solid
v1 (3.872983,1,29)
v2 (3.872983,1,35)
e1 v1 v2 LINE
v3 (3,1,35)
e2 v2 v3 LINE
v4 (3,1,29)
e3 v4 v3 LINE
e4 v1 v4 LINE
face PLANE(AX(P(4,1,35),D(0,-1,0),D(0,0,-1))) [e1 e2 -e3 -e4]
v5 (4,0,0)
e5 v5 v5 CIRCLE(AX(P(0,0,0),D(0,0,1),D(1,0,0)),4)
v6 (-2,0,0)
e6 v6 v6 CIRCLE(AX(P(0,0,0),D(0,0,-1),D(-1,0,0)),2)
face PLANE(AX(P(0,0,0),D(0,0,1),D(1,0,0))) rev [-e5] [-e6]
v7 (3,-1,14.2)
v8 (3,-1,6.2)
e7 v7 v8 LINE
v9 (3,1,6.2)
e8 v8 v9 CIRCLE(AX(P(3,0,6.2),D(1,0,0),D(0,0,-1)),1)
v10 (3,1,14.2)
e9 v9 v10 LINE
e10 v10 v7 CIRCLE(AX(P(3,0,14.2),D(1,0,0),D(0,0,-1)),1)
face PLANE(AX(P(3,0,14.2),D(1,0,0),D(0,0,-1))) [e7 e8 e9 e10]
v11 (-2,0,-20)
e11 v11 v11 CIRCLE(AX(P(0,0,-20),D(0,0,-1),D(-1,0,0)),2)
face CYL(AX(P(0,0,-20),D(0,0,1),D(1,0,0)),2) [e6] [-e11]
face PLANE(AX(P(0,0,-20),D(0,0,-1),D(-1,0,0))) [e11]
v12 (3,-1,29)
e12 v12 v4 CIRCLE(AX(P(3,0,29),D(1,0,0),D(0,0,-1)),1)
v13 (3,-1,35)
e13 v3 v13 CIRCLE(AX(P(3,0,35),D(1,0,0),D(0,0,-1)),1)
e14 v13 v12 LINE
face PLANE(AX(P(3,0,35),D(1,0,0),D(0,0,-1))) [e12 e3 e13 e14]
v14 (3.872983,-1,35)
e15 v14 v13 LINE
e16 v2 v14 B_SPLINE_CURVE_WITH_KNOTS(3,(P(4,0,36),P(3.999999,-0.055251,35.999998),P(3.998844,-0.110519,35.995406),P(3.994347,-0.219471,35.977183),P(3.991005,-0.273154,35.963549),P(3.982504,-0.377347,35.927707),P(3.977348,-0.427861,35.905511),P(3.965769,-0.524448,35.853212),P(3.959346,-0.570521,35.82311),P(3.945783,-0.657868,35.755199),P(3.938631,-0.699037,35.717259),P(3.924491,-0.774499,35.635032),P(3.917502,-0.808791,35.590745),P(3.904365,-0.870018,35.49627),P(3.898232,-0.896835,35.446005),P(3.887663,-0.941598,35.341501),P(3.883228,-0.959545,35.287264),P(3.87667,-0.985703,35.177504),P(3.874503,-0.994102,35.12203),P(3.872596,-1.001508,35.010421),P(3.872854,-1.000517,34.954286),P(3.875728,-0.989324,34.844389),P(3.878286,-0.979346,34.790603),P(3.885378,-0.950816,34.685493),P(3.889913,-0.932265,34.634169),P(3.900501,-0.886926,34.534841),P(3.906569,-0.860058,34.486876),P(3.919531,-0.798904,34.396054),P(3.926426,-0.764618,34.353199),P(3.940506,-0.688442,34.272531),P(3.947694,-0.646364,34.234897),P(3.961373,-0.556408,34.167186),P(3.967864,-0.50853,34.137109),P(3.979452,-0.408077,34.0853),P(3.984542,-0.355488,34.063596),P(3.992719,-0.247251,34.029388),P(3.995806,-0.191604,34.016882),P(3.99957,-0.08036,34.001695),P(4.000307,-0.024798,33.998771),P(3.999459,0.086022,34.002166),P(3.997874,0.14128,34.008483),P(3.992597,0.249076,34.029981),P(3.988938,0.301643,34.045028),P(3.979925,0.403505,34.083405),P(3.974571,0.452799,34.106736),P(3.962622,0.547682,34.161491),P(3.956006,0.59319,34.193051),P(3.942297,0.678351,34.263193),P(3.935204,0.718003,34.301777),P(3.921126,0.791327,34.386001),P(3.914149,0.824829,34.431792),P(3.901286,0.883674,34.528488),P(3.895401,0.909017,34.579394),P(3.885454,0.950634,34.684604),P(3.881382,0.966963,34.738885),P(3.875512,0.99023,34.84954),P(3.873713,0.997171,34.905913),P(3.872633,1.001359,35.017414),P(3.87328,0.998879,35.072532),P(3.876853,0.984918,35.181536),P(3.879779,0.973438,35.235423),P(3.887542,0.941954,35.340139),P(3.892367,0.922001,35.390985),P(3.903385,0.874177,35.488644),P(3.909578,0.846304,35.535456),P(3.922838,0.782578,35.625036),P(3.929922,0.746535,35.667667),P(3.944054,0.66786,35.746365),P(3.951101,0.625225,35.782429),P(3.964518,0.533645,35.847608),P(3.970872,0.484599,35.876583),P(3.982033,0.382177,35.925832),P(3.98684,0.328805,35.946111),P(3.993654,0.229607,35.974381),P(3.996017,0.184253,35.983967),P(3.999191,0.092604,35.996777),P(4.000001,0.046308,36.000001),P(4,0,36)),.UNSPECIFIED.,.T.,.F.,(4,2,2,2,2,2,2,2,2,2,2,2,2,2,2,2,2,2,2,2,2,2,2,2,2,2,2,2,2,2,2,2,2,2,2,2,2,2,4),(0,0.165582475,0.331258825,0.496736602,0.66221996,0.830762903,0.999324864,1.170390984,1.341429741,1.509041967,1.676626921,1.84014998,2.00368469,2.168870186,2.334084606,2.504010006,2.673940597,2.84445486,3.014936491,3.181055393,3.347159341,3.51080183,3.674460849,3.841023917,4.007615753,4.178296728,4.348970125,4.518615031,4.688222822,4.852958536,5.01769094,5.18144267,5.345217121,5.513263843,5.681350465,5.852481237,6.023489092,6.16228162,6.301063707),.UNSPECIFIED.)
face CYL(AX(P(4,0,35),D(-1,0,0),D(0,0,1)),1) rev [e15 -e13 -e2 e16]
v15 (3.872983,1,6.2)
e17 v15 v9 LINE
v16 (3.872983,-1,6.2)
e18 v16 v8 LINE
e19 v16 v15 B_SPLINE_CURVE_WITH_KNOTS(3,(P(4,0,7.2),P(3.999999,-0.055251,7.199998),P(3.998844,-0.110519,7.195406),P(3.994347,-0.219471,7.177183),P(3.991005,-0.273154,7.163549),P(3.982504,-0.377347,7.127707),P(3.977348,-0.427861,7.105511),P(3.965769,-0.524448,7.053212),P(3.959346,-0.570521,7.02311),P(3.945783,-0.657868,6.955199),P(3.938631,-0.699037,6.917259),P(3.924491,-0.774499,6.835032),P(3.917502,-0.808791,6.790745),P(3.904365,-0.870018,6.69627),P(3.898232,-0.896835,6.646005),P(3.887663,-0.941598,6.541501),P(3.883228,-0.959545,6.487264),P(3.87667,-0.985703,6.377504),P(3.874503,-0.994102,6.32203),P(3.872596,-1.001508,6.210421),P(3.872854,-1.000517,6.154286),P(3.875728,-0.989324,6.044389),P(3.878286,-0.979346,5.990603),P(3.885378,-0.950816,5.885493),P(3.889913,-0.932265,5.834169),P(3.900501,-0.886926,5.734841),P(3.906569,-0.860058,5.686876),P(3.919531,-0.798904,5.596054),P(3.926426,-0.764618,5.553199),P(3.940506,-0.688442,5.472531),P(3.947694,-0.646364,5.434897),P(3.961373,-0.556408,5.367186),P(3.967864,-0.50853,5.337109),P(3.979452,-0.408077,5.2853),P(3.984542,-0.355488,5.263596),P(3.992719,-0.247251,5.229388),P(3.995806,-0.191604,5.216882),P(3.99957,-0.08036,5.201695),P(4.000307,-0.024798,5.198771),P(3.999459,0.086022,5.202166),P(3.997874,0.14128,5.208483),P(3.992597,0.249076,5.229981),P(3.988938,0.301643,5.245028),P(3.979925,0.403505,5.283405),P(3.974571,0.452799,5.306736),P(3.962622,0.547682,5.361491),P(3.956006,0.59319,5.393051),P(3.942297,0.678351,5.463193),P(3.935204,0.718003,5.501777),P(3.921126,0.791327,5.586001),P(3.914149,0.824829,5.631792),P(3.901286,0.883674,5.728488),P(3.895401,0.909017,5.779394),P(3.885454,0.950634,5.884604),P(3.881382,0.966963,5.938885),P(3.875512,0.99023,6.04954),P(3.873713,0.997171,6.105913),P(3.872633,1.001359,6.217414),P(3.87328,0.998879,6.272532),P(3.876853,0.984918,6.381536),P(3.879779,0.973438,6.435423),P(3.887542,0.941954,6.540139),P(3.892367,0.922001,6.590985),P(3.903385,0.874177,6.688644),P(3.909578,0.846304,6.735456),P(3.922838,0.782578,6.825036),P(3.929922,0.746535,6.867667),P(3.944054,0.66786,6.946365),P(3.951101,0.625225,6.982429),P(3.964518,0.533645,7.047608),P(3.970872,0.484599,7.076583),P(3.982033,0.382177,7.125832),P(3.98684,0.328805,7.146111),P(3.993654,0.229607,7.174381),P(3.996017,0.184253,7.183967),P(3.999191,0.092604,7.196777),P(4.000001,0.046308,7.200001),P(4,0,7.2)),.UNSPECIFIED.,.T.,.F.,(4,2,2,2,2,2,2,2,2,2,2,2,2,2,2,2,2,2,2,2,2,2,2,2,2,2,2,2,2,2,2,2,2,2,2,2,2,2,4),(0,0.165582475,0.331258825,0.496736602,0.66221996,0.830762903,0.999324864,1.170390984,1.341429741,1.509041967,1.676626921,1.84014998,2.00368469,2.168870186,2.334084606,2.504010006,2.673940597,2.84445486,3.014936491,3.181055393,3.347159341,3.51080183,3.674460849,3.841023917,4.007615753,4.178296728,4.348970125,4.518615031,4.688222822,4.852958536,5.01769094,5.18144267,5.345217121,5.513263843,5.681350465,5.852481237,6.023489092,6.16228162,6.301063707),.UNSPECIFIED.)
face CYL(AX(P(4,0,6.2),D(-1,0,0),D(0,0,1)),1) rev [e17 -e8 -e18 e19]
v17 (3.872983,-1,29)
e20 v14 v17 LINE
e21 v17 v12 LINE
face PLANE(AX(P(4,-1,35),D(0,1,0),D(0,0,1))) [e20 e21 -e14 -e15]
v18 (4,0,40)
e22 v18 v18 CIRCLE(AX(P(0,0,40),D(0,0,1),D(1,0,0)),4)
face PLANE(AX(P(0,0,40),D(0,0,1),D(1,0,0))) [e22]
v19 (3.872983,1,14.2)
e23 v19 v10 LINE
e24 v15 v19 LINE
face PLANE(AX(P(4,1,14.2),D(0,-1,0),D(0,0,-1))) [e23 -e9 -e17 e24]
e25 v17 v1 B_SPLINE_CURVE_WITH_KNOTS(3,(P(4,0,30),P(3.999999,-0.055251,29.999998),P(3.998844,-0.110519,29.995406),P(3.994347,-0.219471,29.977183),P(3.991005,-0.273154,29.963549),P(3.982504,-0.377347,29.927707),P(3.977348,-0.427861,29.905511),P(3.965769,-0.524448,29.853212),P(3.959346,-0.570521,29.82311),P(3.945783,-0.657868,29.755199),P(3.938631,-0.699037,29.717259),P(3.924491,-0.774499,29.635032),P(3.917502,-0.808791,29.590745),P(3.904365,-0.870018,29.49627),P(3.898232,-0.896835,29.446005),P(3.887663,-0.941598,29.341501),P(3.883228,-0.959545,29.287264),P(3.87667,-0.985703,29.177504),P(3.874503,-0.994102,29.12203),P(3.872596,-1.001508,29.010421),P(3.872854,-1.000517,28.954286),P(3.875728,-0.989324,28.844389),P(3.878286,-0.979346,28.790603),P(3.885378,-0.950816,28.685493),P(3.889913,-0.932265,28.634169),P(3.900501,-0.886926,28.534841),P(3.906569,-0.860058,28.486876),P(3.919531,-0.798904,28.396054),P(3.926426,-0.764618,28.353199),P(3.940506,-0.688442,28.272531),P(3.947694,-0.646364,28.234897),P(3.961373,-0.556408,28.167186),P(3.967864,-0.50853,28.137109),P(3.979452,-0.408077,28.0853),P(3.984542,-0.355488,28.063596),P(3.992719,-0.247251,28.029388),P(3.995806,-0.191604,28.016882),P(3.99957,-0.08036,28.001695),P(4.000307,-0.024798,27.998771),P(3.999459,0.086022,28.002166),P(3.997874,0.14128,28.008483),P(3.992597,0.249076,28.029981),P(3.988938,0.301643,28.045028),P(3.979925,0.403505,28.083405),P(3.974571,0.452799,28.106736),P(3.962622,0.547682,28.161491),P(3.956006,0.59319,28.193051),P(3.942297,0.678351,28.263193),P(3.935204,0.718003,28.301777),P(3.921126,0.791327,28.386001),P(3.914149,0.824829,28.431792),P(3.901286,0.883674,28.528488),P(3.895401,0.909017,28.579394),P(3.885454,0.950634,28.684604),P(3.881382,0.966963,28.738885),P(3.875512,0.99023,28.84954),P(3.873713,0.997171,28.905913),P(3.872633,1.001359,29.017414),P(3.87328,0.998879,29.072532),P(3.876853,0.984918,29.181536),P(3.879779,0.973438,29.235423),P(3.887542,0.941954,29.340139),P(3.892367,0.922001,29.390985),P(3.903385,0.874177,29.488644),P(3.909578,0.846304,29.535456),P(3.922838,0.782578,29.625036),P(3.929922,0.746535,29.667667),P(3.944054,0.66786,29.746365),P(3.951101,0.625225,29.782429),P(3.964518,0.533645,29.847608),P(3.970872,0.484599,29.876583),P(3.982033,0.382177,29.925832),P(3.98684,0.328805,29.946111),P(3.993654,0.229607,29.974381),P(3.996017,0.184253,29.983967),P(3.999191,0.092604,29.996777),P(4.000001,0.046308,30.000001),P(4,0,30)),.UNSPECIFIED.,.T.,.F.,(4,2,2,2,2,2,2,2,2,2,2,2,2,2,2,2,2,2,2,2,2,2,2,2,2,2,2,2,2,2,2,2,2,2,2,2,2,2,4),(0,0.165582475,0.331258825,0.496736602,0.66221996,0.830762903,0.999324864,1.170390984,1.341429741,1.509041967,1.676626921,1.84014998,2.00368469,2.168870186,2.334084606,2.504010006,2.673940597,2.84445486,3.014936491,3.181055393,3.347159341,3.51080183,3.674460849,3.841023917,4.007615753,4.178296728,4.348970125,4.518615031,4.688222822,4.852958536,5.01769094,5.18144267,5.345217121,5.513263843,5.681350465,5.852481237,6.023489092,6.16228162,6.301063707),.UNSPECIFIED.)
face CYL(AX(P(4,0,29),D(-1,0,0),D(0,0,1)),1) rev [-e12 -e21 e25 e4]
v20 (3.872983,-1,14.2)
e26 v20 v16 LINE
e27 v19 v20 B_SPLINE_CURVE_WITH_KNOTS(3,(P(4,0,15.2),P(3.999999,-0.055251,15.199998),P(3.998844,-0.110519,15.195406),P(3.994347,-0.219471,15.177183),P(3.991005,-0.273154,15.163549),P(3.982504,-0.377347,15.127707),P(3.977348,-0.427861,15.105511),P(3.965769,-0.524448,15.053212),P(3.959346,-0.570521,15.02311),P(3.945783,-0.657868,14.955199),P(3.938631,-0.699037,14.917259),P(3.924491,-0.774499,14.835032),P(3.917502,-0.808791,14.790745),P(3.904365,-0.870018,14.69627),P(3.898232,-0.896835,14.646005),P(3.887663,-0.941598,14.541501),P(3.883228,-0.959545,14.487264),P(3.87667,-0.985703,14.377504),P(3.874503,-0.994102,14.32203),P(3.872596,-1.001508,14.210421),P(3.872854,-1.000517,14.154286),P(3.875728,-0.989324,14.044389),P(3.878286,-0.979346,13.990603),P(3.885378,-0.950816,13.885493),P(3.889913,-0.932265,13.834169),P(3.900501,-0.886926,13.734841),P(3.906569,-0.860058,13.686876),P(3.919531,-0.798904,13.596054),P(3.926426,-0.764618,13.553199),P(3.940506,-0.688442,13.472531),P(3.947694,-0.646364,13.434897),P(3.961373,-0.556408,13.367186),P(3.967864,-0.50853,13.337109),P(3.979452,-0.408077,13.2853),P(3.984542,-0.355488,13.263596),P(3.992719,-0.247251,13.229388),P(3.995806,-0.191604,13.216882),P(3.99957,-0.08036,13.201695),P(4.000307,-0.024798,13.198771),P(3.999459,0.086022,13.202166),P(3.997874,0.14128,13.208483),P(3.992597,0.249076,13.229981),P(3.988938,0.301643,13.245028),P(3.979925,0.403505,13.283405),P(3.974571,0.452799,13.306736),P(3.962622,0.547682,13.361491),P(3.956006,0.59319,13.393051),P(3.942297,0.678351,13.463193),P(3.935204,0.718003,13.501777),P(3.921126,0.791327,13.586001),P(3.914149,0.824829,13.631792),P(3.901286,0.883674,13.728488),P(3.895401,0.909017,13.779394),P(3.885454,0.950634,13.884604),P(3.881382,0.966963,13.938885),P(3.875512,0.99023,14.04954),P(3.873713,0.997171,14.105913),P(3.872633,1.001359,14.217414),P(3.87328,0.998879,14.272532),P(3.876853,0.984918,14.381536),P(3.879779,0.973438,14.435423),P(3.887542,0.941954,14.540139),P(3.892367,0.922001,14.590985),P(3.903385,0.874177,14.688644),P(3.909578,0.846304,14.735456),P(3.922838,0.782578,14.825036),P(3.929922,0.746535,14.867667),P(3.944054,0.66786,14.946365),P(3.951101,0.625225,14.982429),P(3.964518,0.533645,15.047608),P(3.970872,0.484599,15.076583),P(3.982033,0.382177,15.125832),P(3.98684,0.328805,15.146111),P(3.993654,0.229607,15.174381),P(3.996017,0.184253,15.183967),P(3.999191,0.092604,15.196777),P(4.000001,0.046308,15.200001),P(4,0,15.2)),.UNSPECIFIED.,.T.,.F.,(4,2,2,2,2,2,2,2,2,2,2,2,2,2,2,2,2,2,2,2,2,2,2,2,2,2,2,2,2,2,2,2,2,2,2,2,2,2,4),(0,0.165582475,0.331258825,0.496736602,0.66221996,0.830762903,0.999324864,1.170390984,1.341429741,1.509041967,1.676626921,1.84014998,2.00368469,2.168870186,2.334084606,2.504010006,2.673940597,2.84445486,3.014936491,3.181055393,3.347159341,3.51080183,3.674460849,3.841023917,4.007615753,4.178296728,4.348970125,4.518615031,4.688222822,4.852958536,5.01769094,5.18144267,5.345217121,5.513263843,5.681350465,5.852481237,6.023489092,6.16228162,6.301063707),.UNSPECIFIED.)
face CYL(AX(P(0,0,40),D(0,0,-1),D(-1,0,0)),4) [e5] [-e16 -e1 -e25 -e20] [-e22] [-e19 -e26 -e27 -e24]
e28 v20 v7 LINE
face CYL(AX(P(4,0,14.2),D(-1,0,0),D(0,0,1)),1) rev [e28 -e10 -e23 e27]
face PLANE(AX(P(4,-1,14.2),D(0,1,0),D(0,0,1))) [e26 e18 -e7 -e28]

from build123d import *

# Parameters (mm, degrees)
SKETCH_1_R          = 4
EXTRUDE_1_DEPTH     = 40
SKETCH_2_R          = 2
EXTRUDE_2_DEPTH     = 20
CUT_EXTRUDE_1_DEPTH = 2


with BuildPart() as part:
    # ｽｹｯﾁ1 → ﾎﾞｽ - 押し出し1 (new body)
    with BuildSketch(Plane.XY):
        Circle(SKETCH_1_R)
    extrude(amount=EXTRUDE_1_DEPTH)

    # ｽｹｯﾁ2 → ﾎﾞｽ - 押し出し2 (add)
    with BuildSketch(Plane(origin=(0, 0, 0), x_dir=(-1, 0, 0), z_dir=(0, 0, -1))):
        Circle(SKETCH_2_R)
    extrude(amount=EXTRUDE_2_DEPTH)

    # ｽｹｯﾁ3 → ｶｯﾄ - 押し出し1 (cut, through all)
    with BuildSketch(Plane(origin=(3, 0, 0), x_dir=(0, 0, -1), z_dir=(1, 0, 0))):
        with BuildLine():
            Line((-35, 1), (-29, 1))
            ThreePointArc((-29, 1), (-28, 0), (-29, -1))
            Line((-29, -1), (-35, -1))
            ThreePointArc((-35, -1), (-36, 0), (-35, 1))
        make_face()
        with BuildLine():
            Line((-14.2, 1), (-6.2, 1))
            ThreePointArc((-6.2, 1), (-5.2, 0), (-6.2, -1))
            Line((-6.2, -1), (-14.2, -1))
            ThreePointArc((-14.2, -1), (-15.2, 0), (-14.2, 1))
        make_face()
    extrude(amount=CUT_EXTRUDE_1_DEPTH, mode=Mode.SUBTRACT)


solid = part.part
